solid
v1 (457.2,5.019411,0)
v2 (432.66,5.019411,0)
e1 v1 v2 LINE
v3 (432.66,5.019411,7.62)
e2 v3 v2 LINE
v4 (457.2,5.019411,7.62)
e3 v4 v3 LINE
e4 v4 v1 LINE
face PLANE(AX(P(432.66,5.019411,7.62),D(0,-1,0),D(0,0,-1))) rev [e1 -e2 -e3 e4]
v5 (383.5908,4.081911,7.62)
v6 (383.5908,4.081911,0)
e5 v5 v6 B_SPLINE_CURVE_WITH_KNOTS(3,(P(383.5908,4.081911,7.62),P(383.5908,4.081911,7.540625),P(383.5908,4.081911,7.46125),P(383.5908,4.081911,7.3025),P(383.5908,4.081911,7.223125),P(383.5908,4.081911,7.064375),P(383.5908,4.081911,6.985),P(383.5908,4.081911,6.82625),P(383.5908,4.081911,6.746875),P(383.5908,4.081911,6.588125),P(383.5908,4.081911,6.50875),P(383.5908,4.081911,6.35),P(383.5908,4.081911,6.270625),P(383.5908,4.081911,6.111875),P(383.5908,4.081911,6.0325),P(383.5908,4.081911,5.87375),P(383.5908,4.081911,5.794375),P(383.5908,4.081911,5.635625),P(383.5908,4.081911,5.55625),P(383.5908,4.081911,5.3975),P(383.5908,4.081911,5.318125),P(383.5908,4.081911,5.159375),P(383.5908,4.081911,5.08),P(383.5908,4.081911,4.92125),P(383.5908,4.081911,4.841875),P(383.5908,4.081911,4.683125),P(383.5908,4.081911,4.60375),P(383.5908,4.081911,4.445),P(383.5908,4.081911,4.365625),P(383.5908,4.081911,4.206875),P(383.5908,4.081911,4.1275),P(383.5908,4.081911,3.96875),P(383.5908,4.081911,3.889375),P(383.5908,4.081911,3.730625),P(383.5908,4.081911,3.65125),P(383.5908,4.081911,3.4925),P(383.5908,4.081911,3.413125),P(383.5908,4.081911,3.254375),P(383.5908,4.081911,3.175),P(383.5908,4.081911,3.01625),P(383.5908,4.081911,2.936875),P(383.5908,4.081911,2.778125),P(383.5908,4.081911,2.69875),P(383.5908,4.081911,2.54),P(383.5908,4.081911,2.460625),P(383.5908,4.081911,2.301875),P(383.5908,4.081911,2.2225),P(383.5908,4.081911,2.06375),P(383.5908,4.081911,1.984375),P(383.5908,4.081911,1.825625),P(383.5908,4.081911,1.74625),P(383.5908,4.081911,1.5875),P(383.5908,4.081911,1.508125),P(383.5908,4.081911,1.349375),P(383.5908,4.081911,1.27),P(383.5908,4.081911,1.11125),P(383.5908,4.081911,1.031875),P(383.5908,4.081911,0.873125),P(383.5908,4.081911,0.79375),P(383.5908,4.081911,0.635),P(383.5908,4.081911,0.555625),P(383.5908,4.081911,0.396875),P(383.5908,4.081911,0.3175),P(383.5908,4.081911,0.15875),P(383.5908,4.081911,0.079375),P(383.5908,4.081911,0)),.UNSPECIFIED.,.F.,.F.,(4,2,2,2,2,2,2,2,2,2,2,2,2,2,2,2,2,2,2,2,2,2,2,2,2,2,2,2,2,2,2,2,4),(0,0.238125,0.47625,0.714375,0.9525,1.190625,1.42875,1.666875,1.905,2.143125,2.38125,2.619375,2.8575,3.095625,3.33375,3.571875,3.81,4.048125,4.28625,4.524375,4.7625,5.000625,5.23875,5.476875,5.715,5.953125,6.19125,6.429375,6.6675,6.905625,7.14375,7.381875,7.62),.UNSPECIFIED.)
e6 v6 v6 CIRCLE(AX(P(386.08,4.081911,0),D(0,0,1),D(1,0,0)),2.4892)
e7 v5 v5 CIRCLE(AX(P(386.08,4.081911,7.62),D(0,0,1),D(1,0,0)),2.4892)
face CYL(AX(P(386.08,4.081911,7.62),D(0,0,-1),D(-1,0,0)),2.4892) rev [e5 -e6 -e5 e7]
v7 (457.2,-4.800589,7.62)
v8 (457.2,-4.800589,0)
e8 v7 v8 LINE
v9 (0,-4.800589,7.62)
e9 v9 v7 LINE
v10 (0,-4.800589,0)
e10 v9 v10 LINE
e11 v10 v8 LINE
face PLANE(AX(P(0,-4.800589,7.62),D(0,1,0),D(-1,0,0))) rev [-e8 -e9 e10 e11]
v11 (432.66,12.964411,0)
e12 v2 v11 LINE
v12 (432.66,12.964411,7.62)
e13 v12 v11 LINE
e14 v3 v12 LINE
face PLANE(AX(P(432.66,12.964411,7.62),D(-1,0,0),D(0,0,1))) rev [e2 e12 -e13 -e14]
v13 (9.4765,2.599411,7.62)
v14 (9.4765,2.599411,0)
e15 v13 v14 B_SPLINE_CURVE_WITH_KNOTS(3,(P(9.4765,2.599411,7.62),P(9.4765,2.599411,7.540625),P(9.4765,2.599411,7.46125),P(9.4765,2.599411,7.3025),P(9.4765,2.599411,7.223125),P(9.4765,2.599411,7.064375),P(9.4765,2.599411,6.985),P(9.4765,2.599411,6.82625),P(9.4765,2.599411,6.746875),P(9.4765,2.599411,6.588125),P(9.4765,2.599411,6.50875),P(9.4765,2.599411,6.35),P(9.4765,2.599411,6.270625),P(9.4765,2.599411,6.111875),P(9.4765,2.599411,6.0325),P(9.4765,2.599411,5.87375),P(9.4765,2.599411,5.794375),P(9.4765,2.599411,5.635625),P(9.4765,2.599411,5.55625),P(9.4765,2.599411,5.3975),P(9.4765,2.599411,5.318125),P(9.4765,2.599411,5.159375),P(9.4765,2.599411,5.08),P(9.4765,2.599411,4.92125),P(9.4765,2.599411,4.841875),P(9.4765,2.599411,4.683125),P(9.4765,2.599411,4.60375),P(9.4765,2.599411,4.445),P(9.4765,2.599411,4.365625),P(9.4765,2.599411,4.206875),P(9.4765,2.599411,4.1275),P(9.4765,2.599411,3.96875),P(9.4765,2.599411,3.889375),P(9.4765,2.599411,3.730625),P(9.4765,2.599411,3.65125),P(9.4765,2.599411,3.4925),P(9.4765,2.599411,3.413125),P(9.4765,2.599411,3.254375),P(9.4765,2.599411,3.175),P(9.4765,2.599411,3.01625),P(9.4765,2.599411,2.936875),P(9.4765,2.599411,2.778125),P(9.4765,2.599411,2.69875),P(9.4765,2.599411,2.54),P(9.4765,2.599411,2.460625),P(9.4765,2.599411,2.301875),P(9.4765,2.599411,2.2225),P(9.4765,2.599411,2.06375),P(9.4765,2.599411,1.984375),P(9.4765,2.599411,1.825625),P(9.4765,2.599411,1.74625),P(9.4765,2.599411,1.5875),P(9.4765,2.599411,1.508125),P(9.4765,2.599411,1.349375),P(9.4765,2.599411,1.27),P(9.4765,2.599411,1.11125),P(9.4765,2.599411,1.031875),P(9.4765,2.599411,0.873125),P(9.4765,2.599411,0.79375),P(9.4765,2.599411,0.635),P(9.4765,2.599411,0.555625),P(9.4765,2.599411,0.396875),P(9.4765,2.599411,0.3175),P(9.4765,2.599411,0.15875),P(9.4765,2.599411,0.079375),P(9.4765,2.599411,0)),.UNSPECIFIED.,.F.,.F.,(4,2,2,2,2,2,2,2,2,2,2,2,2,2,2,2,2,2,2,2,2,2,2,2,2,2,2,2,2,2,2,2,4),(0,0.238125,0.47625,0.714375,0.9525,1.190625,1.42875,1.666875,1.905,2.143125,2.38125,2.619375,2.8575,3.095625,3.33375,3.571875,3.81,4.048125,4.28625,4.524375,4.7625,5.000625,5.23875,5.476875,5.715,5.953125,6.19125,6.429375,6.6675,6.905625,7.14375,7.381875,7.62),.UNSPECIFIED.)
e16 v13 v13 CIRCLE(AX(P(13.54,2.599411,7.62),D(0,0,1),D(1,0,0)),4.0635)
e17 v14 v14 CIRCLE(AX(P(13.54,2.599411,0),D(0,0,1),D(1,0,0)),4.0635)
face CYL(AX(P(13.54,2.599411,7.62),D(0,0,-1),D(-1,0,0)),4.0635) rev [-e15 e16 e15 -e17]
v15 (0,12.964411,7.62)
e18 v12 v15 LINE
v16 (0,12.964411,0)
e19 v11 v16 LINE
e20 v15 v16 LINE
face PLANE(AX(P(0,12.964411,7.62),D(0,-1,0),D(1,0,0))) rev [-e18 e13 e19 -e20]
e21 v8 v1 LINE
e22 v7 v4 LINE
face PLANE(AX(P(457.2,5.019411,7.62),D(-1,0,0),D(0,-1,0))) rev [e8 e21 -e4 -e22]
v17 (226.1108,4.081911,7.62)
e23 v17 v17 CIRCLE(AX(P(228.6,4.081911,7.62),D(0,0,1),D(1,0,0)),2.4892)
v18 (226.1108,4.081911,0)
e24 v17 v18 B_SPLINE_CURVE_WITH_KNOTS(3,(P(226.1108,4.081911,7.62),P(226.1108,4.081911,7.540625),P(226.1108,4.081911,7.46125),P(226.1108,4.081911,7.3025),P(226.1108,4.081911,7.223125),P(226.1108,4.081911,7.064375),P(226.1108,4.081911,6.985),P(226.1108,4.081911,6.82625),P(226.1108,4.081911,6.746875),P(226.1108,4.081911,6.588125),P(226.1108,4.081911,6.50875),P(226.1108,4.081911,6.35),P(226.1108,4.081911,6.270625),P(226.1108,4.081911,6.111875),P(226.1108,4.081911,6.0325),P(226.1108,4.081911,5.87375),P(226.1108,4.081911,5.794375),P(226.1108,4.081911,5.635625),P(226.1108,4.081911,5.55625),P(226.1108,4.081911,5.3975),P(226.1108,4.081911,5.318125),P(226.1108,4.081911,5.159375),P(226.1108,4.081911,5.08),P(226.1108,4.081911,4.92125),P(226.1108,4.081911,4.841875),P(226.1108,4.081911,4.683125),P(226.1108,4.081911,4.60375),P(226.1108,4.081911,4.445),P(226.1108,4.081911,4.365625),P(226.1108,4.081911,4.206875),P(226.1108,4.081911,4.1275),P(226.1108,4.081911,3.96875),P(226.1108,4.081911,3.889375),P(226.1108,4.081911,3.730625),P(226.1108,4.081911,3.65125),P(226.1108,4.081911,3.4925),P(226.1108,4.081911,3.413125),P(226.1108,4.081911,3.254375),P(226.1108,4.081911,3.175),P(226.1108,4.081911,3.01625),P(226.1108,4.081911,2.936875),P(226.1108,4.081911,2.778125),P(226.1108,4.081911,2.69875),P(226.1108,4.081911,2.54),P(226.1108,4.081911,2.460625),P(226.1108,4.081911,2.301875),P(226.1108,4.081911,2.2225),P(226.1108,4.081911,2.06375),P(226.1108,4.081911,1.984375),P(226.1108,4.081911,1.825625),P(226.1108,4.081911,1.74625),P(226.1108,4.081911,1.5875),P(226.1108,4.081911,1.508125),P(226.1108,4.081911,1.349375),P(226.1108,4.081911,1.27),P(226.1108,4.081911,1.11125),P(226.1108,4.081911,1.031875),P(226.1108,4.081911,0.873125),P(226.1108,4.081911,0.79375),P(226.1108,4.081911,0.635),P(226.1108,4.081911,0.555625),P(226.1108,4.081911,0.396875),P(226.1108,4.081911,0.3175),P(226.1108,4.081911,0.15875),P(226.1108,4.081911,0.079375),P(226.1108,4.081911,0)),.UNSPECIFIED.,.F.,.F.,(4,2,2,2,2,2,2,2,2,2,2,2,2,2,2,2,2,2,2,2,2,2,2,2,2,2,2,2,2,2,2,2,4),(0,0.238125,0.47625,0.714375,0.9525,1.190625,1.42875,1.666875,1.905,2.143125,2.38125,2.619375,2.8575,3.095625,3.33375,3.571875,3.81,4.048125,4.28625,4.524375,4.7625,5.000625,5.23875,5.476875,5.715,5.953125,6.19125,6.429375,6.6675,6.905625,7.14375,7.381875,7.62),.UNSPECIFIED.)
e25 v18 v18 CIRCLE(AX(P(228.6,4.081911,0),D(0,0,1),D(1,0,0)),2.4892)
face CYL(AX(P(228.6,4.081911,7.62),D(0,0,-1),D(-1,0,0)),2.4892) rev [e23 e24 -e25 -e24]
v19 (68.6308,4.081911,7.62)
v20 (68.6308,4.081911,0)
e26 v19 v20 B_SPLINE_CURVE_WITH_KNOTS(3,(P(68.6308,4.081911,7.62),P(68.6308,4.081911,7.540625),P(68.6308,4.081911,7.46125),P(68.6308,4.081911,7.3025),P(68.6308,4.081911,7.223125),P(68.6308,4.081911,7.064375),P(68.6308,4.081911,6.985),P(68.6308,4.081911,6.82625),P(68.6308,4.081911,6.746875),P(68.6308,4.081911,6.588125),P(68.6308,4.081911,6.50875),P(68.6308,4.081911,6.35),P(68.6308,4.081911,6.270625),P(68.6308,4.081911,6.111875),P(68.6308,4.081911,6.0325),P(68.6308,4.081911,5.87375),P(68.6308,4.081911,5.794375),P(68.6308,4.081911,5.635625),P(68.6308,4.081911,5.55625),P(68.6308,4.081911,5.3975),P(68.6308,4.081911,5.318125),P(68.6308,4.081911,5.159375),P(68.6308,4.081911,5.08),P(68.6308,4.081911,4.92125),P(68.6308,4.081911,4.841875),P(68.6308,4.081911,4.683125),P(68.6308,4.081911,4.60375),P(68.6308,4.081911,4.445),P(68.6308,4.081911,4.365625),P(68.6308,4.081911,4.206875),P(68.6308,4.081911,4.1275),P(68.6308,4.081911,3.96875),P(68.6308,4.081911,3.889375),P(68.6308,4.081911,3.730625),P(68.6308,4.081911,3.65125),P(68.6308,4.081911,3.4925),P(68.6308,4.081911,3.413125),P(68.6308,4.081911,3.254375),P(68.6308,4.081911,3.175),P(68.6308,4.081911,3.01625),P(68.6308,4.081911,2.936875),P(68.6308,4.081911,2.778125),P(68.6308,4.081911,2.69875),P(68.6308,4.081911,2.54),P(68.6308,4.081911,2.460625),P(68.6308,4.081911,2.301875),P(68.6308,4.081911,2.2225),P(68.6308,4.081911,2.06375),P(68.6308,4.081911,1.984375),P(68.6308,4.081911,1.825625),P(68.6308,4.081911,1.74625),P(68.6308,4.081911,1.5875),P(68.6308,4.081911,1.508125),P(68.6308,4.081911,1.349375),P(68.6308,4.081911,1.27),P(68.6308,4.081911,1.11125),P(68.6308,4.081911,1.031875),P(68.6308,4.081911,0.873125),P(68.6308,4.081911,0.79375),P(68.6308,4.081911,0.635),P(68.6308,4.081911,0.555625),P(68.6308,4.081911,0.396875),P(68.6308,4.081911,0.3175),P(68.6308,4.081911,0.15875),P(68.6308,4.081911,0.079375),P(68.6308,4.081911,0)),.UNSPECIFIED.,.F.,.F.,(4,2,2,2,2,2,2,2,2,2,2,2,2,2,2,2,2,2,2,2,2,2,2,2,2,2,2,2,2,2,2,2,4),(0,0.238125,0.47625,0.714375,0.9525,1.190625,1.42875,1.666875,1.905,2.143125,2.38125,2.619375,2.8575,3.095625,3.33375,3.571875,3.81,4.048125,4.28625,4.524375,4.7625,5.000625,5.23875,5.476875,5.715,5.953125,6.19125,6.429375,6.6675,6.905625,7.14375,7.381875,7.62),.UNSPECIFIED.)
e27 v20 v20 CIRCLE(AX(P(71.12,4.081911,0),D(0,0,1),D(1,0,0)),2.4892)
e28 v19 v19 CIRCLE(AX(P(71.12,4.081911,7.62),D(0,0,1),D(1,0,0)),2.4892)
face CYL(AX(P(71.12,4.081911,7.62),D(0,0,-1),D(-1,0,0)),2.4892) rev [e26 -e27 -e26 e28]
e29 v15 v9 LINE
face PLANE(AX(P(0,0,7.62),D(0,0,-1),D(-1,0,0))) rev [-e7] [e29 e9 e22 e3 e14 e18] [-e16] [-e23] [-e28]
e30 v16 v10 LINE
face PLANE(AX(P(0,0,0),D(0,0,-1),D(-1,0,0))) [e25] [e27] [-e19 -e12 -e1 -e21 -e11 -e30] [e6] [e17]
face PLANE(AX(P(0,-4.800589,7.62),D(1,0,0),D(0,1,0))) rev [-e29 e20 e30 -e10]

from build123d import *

# Parameters (mm, degrees)
SKETCH1_R           = 2.4892
SKETCH1_R_2         = 4.0635
BOSS_EXTRUDE1_DEPTH = 7.62


with BuildPart() as part:
    # Sketch1 → Boss-Extrude1 (new body)
    with BuildSketch(Plane.XY):
        Polygon((0, 12.964410589), (432.660000058, 12.964410589), (432.660000058, 5.019410589), (457.2, 5.019410589), (457.2, -4.800589411), (0, -4.800589411), align=None)
        with Locations(Location((386.08, 4.081910589, 0), (0, 0, 180))):
            Circle(SKETCH1_R, mode=Mode.SUBTRACT)
        with Locations(Location((228.6, 4.081910589, 0), (0, 0, 180))):
            Circle(SKETCH1_R, mode=Mode.SUBTRACT)
        with Locations(Location((71.12, 4.081910589, 0), (0, 0, 180))):
            Circle(SKETCH1_R, mode=Mode.SUBTRACT)
        with Locations(Location((13.54, 2.599410589, 0), (0, 0, 180))):
            Circle(SKETCH1_R_2, mode=Mode.SUBTRACT)
    extrude(amount=BOSS_EXTRUDE1_DEPTH)


solid = part.part
